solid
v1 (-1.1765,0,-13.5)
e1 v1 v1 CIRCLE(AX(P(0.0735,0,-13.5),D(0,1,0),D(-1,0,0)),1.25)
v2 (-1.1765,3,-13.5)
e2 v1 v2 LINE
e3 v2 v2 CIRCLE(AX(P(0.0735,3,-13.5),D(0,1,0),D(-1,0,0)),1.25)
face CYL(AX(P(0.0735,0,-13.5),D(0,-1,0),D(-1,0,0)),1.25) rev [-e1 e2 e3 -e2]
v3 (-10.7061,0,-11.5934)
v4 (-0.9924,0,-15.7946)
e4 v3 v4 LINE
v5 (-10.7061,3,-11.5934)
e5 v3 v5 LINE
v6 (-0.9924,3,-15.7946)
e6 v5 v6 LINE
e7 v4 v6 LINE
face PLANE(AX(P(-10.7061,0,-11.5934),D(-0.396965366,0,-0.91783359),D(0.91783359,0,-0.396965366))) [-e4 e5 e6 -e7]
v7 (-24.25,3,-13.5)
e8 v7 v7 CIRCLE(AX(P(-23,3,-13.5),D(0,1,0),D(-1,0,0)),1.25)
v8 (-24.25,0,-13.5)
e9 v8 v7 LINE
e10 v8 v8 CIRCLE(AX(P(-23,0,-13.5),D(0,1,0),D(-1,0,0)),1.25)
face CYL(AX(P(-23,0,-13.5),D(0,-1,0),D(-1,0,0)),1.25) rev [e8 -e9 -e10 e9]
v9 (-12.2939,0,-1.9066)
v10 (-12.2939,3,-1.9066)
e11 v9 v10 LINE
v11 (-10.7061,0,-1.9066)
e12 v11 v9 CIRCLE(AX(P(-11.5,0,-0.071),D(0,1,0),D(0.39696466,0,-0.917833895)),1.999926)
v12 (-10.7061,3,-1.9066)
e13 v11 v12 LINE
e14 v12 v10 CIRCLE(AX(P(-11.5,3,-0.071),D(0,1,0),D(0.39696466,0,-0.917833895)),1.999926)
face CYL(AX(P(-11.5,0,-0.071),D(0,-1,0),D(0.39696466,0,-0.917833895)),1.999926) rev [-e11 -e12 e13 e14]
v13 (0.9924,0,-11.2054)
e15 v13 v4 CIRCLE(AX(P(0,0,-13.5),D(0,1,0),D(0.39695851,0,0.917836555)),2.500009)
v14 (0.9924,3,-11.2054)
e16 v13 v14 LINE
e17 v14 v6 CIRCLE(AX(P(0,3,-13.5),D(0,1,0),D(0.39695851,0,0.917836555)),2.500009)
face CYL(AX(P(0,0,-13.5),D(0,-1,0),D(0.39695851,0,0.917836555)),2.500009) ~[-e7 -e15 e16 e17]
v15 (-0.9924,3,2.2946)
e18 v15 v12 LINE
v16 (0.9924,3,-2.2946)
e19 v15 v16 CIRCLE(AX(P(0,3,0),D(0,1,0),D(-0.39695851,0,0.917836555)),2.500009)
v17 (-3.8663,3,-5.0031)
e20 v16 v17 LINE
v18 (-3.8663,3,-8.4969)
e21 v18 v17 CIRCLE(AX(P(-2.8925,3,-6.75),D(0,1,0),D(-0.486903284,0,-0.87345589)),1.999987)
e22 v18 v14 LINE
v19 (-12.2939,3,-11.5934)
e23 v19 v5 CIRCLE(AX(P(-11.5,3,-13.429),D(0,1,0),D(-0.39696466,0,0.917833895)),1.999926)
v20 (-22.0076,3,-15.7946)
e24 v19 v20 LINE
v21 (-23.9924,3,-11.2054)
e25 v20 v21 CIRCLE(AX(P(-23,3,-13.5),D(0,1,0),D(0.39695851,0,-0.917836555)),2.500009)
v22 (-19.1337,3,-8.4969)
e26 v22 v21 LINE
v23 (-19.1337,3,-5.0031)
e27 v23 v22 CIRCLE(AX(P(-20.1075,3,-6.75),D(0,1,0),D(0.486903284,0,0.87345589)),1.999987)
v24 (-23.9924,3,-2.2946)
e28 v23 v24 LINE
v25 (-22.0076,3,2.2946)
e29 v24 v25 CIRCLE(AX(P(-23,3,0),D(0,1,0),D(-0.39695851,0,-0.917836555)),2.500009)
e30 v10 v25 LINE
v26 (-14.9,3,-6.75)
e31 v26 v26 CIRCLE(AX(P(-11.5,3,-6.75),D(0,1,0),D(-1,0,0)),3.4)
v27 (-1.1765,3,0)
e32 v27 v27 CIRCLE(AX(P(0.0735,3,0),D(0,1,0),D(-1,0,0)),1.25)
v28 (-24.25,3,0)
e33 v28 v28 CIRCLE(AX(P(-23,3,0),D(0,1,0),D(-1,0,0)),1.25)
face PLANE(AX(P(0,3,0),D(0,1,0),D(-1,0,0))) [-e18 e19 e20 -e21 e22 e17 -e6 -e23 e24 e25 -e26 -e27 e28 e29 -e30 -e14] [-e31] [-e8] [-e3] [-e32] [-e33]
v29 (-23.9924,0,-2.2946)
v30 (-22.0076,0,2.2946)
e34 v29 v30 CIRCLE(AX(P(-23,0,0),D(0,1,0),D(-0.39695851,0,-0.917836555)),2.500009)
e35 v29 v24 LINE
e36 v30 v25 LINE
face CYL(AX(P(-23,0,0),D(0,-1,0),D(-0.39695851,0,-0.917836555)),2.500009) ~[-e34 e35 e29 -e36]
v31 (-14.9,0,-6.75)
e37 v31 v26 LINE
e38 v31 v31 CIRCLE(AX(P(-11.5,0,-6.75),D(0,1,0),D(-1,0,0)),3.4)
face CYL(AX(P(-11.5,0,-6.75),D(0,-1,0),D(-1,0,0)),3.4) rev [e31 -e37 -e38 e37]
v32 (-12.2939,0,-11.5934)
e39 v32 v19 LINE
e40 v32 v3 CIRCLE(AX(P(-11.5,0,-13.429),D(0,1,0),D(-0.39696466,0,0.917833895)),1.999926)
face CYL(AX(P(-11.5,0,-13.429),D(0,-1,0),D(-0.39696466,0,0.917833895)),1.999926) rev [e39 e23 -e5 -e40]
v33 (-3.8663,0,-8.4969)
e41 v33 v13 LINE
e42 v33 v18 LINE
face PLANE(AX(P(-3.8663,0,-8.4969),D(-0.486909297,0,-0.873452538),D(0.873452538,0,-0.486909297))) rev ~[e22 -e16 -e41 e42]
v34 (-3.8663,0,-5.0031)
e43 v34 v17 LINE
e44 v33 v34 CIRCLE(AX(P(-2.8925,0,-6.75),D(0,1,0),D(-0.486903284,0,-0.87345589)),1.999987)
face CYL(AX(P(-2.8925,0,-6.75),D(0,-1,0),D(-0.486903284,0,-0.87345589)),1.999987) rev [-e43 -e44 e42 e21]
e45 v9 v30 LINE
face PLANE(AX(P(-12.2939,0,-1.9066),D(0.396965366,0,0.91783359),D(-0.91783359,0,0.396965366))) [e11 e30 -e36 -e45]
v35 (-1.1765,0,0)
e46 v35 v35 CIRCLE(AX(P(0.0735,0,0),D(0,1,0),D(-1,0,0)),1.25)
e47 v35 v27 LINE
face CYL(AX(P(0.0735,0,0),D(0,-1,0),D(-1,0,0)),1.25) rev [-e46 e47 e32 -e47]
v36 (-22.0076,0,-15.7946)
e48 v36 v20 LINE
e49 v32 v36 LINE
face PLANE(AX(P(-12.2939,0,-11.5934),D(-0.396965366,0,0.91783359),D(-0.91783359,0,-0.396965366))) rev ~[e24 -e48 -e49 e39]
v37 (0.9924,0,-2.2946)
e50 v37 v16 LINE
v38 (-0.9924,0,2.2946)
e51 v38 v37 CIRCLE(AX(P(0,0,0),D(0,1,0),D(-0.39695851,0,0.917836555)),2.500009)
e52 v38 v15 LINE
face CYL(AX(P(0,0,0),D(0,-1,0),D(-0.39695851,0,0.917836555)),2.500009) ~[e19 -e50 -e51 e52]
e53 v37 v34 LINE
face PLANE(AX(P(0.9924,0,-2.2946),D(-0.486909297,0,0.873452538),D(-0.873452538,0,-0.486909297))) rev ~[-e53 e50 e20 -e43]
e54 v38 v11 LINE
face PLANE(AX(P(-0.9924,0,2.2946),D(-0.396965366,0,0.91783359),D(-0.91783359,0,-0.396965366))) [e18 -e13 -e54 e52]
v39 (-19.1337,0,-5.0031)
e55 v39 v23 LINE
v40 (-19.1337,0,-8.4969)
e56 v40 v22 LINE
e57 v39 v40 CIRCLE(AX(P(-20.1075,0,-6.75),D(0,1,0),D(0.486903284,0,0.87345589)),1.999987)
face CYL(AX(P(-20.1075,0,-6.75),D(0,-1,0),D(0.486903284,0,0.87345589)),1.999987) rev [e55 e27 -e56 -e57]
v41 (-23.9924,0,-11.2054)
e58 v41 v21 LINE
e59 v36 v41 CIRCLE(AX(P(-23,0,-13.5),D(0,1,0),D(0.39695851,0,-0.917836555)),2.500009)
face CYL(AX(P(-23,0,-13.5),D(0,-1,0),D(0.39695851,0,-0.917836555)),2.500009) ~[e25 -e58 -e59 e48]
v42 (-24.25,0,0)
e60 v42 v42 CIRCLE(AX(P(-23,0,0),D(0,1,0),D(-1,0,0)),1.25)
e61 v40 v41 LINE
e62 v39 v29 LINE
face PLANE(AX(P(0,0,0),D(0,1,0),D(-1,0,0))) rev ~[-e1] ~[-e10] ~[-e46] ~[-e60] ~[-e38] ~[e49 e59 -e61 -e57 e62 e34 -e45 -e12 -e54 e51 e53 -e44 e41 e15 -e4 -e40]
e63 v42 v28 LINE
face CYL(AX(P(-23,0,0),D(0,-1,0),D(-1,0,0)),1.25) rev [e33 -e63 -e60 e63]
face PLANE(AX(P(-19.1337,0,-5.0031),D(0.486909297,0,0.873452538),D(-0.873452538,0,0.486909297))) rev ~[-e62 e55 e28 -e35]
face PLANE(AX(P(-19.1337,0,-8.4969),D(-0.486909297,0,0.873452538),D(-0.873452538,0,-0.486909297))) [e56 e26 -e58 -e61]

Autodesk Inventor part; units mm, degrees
ref_plane "YZ Plane" through (0, 0, 0) normal (1, 0, 0) x (0, 1, 0)
ref_plane "XZ Plane" through (0, 0, 0) normal (0, 1, 0) x (-1, 0, 0)
ref_plane "XY Plane" through (0, 0, 0) normal (0, 0, 1) x (1, 0, 0)
sketch "Boceto1" plane through (0, 0, 0) normal (0, 1, 0) x (-1, 0, 0)
  arc A0 (22.0076, -15.7946) -> (23.9924, -11.2054) centre (23, -13.5) ccw
  arc A1 (23.9924, -2.2946) -> (22.0076, 2.2946) centre (23, 0) ccw
  arc A2 (0.9924, 2.2946) -> (-0.9924, -2.2946) centre (0, 0) ccw
  arc A3 (-0.9924, -11.2054) -> (0.9924, -15.7946) centre (0, -13.5) ccw
  line L0 (12.2939, -1.9066) -> (22.0076, 2.2946)
  line L1 (19.1337, -5.0031) -> (23.9924, -2.2946)
  line L2 (19.1337, -8.4969) -> (23.9924, -11.2054)
  line L3 (0.9924, 2.2946) -> (10.7061, -1.9066)
  line L4 (-0.9924, -2.2946) -> (3.8663, -5.0031)
  line L5 (3.8663, -8.4969) -> (-0.9924, -11.2054)
  line L6 (12.2939, -11.5934) -> (22.0076, -15.7946)
  line L7 (10.7061, -11.5934) -> (0.9924, -15.7946)
  circle A4 centre (11.5, -6.75) radius 3.4
  arc A5 (19.1337, -5.0031) -> (19.1337, -8.4969) centre (20.1075, -6.75) ccw
  arc A6 (10.7061, -1.9066) -> (12.2939, -1.9066) centre (11.5, -0.071) ccw
  arc A7 (3.8663, -8.4969) -> (3.8663, -5.0031) centre (2.8925, -6.75) ccw
  arc A8 (12.2939, -11.5934) -> (10.7061, -11.5934) centre (11.5, -13.429) ccw
  circle A9 centre (23, 0) radius 1.25
  circle A10 centre (23, -13.5) radius 1.25
  circle A11 centre (-0.0735, 0) radius 1.25
  circle A12 centre (-0.0735, -13.5) radius 1.25
extrude "Extrusión1" add sketch "Boceto1" along normal blind 3
properties part number "Extension2"
